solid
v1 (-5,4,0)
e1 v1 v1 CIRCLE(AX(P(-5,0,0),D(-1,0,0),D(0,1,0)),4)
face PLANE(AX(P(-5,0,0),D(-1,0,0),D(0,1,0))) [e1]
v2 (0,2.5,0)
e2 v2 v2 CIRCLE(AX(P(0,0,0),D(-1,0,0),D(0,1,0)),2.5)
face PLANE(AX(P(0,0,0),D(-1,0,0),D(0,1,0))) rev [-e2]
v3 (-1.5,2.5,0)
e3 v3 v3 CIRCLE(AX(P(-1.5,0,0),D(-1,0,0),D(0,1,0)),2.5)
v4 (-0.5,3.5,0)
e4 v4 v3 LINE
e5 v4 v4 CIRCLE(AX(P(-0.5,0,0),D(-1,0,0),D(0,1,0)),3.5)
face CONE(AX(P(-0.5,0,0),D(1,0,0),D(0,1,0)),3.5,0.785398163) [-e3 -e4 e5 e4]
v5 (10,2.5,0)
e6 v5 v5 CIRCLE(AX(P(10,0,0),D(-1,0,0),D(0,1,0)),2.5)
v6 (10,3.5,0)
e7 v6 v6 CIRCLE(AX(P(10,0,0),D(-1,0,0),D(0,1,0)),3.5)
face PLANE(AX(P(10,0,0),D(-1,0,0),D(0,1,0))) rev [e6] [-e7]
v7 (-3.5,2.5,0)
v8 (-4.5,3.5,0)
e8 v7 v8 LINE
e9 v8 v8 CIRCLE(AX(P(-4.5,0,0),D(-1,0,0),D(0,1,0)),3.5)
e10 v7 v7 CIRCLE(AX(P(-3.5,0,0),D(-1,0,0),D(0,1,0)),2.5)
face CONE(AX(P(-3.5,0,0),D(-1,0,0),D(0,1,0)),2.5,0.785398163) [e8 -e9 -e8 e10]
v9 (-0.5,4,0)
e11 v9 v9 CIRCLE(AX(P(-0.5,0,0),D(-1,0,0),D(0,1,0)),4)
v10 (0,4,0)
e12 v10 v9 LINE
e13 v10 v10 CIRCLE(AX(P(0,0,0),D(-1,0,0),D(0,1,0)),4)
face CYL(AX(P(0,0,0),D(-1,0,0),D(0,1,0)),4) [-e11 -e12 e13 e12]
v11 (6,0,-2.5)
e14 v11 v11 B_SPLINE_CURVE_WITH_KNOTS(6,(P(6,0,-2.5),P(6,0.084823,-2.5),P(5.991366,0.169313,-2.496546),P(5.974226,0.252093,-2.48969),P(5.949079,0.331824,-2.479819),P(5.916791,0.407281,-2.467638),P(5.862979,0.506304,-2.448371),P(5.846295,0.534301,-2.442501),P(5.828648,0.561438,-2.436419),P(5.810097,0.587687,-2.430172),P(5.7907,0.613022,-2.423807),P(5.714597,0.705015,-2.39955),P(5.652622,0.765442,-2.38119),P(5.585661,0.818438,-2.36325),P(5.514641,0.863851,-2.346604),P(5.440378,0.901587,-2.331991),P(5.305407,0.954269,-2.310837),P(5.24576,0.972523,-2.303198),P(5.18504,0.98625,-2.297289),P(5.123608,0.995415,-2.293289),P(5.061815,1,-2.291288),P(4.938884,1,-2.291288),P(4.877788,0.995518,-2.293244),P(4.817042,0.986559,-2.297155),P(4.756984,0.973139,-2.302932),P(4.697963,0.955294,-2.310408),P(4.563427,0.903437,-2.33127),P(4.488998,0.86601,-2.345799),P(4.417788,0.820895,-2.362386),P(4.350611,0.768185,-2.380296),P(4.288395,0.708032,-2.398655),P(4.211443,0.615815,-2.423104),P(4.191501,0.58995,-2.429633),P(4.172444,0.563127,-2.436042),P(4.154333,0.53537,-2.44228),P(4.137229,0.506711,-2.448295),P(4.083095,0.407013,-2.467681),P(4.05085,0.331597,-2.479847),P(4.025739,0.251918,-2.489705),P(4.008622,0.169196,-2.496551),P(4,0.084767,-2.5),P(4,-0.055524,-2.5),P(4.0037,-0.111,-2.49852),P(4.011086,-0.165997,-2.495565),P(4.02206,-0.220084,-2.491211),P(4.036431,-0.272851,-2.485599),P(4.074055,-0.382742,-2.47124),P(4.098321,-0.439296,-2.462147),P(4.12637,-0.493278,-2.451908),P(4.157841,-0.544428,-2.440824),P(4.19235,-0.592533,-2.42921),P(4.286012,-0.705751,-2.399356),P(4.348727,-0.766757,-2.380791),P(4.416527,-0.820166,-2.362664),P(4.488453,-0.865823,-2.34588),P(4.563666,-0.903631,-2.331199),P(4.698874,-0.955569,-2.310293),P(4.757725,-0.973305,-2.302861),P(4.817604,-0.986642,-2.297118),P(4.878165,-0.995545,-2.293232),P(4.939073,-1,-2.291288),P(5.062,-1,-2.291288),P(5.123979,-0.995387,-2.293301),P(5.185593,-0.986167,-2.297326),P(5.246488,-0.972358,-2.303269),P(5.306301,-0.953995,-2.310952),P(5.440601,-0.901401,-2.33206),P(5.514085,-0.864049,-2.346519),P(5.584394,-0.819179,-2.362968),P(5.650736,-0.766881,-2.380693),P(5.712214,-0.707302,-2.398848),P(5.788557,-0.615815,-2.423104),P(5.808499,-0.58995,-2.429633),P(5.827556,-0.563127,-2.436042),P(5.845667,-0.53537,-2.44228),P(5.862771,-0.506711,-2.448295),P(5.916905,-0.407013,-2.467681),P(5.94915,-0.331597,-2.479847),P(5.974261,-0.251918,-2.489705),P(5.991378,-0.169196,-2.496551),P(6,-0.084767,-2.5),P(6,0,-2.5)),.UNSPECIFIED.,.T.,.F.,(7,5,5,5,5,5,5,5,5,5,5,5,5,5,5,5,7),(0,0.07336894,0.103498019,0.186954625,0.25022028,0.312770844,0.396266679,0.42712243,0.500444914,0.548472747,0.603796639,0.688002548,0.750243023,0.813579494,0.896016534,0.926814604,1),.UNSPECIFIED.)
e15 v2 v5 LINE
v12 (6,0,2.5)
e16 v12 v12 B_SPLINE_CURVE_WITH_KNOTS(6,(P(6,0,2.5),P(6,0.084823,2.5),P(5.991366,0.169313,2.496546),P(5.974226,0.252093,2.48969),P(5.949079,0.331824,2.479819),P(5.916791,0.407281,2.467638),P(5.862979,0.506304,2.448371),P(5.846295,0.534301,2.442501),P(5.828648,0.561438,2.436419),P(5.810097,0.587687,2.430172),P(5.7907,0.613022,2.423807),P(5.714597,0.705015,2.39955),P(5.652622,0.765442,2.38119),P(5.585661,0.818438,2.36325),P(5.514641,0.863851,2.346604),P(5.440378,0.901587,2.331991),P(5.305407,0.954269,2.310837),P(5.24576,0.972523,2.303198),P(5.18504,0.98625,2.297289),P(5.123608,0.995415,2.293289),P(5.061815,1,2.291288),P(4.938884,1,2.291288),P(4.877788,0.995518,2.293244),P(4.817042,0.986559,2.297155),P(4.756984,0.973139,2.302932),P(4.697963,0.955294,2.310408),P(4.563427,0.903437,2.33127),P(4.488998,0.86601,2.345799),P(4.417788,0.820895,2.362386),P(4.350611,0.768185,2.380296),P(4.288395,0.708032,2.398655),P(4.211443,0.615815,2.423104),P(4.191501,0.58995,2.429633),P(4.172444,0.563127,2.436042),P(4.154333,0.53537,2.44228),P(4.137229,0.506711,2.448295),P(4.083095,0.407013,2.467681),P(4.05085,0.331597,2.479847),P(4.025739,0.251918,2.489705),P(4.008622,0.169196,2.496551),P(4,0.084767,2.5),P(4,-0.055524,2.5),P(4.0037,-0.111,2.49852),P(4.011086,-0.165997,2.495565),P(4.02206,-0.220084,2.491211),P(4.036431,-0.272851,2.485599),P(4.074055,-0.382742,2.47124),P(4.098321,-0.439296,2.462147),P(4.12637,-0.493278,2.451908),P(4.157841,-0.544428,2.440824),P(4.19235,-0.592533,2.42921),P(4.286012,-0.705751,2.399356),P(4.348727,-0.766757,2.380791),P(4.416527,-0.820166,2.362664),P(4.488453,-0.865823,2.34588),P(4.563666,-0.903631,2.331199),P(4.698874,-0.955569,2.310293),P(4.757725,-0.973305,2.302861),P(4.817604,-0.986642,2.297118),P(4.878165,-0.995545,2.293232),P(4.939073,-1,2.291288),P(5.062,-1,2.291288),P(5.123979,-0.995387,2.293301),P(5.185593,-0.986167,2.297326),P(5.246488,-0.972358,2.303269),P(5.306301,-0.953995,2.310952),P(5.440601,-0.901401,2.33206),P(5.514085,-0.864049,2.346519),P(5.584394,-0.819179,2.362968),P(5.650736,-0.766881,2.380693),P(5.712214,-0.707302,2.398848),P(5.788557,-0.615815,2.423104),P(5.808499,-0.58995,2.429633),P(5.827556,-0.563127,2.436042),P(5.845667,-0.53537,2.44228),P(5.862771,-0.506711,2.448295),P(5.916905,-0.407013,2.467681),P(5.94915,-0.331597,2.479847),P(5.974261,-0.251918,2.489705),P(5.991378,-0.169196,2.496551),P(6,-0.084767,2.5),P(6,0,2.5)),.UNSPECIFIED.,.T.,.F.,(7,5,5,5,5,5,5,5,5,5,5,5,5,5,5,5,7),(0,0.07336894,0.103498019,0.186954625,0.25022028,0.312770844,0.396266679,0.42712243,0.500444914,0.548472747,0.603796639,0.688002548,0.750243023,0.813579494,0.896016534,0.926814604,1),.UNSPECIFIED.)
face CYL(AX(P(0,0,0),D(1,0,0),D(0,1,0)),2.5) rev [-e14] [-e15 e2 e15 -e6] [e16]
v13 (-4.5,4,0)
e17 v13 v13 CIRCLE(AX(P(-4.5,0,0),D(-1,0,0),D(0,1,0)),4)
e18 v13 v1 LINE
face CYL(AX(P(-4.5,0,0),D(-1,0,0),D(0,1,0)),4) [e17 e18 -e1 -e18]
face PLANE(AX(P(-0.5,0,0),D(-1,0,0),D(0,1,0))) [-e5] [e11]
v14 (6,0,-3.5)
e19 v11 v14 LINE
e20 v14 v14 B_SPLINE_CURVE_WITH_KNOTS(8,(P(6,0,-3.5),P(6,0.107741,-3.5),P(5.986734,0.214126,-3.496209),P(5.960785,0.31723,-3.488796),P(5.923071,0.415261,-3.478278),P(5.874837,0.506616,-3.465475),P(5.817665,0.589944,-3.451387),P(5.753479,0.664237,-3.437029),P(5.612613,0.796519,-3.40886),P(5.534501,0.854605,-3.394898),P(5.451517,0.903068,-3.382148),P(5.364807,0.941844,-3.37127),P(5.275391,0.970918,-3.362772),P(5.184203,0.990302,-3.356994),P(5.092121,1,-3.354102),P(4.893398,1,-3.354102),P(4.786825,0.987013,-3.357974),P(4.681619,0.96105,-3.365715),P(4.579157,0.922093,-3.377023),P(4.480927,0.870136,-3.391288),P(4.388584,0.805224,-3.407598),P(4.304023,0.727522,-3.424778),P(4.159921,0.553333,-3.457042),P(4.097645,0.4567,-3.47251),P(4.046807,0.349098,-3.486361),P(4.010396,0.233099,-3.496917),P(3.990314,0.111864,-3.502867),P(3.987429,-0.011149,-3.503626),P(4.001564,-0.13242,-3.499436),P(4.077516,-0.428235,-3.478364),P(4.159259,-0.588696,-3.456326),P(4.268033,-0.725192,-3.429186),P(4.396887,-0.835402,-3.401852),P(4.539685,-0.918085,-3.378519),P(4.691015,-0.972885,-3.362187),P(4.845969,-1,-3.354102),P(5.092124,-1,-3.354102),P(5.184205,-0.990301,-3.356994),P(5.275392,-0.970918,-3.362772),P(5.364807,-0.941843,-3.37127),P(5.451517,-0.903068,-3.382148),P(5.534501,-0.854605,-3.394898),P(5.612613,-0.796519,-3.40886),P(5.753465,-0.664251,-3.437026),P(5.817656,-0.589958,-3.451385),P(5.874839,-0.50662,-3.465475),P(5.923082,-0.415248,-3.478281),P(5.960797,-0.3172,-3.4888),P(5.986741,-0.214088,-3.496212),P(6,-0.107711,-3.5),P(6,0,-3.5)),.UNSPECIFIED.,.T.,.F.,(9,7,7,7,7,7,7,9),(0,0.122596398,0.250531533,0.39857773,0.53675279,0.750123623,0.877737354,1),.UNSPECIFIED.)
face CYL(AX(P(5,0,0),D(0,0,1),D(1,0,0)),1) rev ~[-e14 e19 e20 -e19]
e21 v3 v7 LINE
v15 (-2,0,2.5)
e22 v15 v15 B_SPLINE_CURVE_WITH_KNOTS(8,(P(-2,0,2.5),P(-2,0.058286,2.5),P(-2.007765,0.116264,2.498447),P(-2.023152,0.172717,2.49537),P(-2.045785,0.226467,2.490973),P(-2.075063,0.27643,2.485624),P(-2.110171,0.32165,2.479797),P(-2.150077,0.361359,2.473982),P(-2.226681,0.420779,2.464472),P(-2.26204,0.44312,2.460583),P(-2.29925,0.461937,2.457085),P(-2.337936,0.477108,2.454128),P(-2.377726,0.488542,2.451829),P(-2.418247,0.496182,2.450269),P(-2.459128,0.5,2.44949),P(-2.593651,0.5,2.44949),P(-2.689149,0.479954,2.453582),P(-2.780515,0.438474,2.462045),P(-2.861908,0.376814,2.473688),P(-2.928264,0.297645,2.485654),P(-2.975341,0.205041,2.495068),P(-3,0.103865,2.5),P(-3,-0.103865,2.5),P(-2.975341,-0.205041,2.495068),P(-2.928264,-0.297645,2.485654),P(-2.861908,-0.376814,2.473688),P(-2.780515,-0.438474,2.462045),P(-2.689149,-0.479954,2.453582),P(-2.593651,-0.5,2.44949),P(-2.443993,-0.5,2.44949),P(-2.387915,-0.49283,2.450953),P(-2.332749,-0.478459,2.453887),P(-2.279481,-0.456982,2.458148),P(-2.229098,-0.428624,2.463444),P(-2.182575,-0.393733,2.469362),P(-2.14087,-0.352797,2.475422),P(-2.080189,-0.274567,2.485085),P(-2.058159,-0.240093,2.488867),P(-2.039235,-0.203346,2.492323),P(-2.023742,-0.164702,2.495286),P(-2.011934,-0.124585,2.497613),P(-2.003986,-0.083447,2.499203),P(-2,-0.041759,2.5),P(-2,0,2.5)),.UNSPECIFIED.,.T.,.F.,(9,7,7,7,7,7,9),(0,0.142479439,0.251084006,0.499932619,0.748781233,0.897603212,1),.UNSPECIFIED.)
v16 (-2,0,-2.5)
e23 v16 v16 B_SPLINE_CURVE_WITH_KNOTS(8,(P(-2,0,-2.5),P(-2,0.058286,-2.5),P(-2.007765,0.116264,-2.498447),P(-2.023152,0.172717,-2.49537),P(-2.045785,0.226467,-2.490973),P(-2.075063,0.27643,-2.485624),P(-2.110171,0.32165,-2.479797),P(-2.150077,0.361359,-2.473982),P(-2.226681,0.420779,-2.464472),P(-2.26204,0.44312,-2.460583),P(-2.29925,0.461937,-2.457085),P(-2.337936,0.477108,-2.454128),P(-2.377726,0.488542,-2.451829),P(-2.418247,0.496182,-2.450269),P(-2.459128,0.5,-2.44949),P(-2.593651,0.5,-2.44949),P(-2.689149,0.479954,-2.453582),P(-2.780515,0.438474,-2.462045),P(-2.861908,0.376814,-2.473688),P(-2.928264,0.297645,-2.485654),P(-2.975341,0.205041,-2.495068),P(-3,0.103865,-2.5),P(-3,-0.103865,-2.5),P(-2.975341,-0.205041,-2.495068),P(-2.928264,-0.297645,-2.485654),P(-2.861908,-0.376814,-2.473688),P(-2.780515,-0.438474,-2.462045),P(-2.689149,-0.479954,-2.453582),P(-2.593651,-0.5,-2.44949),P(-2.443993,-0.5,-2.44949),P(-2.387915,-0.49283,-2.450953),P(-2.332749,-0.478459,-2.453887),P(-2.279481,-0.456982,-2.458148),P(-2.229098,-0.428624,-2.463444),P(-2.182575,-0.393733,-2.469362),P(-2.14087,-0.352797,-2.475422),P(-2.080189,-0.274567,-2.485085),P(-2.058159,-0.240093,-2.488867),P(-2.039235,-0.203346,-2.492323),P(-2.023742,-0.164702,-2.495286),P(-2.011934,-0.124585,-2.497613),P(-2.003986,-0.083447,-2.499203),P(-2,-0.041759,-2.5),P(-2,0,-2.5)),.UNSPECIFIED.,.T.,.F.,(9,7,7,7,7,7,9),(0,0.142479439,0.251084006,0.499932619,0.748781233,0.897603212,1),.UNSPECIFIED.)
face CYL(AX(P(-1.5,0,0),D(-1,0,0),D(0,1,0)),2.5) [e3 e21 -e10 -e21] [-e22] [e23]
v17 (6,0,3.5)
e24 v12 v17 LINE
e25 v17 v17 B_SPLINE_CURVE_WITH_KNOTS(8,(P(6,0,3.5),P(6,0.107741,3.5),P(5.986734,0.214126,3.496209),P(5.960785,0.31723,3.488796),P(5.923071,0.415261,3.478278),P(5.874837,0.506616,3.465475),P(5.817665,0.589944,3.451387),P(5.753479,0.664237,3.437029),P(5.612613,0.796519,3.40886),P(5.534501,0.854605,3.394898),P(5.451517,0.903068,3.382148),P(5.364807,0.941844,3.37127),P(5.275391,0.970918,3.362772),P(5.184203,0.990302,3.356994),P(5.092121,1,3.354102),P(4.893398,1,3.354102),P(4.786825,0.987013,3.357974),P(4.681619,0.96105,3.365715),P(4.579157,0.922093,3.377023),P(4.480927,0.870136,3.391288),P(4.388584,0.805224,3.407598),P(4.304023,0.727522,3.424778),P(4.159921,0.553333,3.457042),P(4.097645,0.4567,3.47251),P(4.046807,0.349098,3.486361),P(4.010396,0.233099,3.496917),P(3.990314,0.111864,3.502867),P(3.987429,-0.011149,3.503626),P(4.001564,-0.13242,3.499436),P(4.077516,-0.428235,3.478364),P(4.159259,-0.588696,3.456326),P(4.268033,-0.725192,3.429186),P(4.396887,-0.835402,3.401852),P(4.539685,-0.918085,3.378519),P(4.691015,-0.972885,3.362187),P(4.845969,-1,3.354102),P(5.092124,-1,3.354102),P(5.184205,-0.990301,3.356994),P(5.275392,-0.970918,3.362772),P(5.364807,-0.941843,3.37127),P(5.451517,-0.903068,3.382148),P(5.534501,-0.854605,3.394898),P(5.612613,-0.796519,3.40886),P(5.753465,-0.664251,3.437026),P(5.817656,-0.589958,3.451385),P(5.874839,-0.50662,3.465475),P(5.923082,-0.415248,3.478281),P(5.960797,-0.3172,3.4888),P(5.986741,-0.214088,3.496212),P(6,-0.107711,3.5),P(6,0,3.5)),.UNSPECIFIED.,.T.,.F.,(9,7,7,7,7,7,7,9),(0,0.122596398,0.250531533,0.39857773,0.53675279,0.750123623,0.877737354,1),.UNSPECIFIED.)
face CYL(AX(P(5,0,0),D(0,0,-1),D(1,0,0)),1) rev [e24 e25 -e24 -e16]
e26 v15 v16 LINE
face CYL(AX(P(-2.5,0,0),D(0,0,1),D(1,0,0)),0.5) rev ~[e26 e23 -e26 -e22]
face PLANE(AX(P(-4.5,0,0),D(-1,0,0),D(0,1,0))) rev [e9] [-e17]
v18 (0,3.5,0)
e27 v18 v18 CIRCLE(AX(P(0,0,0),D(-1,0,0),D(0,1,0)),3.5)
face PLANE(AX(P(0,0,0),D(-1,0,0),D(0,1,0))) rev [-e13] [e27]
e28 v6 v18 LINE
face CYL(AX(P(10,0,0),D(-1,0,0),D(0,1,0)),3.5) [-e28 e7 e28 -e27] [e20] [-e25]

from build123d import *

# Parameters (mm, degrees)
SKETCH3_R               = 0.5
SKETCH3_R_2             = 1
CUT_EXTRUDE1_DEPTH      = 5
CUT_EXTRUDE1_DEPTH_BACK = 5


with BuildPart() as part:
    # Sketch1 → Revolve1 (revolve)
    with BuildSketch(Plane.XY):
        Polygon((0, 0), (0, 2.5), (10, 2.5), (10, 3.5), (0, 3.5), (0, 4), (-0.5, 4), (-0.5, 3.5), (-1.5, 2.5), (-3.5, 2.5), (-4.5, 3.5), (-4.5, 4), (-5, 4), (-5, 0), align=None)
    revolve(axis=Axis((0, 0, 0), (-1, 0, 0)))

    # Sketch3 → Cut-Extrude1 (cut, two sides)
    with BuildSketch(Plane.XY) as cut_extrude1_sk:
        with Locations((-2.5, 0)):
            Circle(SKETCH3_R)
        with Locations((5, 0)):
            Circle(SKETCH3_R_2)
    extrude(amount=CUT_EXTRUDE1_DEPTH, mode=Mode.SUBTRACT)
    extrude(cut_extrude1_sk.sketch, amount=-CUT_EXTRUDE1_DEPTH_BACK, mode=Mode.SUBTRACT)


solid = part.part
